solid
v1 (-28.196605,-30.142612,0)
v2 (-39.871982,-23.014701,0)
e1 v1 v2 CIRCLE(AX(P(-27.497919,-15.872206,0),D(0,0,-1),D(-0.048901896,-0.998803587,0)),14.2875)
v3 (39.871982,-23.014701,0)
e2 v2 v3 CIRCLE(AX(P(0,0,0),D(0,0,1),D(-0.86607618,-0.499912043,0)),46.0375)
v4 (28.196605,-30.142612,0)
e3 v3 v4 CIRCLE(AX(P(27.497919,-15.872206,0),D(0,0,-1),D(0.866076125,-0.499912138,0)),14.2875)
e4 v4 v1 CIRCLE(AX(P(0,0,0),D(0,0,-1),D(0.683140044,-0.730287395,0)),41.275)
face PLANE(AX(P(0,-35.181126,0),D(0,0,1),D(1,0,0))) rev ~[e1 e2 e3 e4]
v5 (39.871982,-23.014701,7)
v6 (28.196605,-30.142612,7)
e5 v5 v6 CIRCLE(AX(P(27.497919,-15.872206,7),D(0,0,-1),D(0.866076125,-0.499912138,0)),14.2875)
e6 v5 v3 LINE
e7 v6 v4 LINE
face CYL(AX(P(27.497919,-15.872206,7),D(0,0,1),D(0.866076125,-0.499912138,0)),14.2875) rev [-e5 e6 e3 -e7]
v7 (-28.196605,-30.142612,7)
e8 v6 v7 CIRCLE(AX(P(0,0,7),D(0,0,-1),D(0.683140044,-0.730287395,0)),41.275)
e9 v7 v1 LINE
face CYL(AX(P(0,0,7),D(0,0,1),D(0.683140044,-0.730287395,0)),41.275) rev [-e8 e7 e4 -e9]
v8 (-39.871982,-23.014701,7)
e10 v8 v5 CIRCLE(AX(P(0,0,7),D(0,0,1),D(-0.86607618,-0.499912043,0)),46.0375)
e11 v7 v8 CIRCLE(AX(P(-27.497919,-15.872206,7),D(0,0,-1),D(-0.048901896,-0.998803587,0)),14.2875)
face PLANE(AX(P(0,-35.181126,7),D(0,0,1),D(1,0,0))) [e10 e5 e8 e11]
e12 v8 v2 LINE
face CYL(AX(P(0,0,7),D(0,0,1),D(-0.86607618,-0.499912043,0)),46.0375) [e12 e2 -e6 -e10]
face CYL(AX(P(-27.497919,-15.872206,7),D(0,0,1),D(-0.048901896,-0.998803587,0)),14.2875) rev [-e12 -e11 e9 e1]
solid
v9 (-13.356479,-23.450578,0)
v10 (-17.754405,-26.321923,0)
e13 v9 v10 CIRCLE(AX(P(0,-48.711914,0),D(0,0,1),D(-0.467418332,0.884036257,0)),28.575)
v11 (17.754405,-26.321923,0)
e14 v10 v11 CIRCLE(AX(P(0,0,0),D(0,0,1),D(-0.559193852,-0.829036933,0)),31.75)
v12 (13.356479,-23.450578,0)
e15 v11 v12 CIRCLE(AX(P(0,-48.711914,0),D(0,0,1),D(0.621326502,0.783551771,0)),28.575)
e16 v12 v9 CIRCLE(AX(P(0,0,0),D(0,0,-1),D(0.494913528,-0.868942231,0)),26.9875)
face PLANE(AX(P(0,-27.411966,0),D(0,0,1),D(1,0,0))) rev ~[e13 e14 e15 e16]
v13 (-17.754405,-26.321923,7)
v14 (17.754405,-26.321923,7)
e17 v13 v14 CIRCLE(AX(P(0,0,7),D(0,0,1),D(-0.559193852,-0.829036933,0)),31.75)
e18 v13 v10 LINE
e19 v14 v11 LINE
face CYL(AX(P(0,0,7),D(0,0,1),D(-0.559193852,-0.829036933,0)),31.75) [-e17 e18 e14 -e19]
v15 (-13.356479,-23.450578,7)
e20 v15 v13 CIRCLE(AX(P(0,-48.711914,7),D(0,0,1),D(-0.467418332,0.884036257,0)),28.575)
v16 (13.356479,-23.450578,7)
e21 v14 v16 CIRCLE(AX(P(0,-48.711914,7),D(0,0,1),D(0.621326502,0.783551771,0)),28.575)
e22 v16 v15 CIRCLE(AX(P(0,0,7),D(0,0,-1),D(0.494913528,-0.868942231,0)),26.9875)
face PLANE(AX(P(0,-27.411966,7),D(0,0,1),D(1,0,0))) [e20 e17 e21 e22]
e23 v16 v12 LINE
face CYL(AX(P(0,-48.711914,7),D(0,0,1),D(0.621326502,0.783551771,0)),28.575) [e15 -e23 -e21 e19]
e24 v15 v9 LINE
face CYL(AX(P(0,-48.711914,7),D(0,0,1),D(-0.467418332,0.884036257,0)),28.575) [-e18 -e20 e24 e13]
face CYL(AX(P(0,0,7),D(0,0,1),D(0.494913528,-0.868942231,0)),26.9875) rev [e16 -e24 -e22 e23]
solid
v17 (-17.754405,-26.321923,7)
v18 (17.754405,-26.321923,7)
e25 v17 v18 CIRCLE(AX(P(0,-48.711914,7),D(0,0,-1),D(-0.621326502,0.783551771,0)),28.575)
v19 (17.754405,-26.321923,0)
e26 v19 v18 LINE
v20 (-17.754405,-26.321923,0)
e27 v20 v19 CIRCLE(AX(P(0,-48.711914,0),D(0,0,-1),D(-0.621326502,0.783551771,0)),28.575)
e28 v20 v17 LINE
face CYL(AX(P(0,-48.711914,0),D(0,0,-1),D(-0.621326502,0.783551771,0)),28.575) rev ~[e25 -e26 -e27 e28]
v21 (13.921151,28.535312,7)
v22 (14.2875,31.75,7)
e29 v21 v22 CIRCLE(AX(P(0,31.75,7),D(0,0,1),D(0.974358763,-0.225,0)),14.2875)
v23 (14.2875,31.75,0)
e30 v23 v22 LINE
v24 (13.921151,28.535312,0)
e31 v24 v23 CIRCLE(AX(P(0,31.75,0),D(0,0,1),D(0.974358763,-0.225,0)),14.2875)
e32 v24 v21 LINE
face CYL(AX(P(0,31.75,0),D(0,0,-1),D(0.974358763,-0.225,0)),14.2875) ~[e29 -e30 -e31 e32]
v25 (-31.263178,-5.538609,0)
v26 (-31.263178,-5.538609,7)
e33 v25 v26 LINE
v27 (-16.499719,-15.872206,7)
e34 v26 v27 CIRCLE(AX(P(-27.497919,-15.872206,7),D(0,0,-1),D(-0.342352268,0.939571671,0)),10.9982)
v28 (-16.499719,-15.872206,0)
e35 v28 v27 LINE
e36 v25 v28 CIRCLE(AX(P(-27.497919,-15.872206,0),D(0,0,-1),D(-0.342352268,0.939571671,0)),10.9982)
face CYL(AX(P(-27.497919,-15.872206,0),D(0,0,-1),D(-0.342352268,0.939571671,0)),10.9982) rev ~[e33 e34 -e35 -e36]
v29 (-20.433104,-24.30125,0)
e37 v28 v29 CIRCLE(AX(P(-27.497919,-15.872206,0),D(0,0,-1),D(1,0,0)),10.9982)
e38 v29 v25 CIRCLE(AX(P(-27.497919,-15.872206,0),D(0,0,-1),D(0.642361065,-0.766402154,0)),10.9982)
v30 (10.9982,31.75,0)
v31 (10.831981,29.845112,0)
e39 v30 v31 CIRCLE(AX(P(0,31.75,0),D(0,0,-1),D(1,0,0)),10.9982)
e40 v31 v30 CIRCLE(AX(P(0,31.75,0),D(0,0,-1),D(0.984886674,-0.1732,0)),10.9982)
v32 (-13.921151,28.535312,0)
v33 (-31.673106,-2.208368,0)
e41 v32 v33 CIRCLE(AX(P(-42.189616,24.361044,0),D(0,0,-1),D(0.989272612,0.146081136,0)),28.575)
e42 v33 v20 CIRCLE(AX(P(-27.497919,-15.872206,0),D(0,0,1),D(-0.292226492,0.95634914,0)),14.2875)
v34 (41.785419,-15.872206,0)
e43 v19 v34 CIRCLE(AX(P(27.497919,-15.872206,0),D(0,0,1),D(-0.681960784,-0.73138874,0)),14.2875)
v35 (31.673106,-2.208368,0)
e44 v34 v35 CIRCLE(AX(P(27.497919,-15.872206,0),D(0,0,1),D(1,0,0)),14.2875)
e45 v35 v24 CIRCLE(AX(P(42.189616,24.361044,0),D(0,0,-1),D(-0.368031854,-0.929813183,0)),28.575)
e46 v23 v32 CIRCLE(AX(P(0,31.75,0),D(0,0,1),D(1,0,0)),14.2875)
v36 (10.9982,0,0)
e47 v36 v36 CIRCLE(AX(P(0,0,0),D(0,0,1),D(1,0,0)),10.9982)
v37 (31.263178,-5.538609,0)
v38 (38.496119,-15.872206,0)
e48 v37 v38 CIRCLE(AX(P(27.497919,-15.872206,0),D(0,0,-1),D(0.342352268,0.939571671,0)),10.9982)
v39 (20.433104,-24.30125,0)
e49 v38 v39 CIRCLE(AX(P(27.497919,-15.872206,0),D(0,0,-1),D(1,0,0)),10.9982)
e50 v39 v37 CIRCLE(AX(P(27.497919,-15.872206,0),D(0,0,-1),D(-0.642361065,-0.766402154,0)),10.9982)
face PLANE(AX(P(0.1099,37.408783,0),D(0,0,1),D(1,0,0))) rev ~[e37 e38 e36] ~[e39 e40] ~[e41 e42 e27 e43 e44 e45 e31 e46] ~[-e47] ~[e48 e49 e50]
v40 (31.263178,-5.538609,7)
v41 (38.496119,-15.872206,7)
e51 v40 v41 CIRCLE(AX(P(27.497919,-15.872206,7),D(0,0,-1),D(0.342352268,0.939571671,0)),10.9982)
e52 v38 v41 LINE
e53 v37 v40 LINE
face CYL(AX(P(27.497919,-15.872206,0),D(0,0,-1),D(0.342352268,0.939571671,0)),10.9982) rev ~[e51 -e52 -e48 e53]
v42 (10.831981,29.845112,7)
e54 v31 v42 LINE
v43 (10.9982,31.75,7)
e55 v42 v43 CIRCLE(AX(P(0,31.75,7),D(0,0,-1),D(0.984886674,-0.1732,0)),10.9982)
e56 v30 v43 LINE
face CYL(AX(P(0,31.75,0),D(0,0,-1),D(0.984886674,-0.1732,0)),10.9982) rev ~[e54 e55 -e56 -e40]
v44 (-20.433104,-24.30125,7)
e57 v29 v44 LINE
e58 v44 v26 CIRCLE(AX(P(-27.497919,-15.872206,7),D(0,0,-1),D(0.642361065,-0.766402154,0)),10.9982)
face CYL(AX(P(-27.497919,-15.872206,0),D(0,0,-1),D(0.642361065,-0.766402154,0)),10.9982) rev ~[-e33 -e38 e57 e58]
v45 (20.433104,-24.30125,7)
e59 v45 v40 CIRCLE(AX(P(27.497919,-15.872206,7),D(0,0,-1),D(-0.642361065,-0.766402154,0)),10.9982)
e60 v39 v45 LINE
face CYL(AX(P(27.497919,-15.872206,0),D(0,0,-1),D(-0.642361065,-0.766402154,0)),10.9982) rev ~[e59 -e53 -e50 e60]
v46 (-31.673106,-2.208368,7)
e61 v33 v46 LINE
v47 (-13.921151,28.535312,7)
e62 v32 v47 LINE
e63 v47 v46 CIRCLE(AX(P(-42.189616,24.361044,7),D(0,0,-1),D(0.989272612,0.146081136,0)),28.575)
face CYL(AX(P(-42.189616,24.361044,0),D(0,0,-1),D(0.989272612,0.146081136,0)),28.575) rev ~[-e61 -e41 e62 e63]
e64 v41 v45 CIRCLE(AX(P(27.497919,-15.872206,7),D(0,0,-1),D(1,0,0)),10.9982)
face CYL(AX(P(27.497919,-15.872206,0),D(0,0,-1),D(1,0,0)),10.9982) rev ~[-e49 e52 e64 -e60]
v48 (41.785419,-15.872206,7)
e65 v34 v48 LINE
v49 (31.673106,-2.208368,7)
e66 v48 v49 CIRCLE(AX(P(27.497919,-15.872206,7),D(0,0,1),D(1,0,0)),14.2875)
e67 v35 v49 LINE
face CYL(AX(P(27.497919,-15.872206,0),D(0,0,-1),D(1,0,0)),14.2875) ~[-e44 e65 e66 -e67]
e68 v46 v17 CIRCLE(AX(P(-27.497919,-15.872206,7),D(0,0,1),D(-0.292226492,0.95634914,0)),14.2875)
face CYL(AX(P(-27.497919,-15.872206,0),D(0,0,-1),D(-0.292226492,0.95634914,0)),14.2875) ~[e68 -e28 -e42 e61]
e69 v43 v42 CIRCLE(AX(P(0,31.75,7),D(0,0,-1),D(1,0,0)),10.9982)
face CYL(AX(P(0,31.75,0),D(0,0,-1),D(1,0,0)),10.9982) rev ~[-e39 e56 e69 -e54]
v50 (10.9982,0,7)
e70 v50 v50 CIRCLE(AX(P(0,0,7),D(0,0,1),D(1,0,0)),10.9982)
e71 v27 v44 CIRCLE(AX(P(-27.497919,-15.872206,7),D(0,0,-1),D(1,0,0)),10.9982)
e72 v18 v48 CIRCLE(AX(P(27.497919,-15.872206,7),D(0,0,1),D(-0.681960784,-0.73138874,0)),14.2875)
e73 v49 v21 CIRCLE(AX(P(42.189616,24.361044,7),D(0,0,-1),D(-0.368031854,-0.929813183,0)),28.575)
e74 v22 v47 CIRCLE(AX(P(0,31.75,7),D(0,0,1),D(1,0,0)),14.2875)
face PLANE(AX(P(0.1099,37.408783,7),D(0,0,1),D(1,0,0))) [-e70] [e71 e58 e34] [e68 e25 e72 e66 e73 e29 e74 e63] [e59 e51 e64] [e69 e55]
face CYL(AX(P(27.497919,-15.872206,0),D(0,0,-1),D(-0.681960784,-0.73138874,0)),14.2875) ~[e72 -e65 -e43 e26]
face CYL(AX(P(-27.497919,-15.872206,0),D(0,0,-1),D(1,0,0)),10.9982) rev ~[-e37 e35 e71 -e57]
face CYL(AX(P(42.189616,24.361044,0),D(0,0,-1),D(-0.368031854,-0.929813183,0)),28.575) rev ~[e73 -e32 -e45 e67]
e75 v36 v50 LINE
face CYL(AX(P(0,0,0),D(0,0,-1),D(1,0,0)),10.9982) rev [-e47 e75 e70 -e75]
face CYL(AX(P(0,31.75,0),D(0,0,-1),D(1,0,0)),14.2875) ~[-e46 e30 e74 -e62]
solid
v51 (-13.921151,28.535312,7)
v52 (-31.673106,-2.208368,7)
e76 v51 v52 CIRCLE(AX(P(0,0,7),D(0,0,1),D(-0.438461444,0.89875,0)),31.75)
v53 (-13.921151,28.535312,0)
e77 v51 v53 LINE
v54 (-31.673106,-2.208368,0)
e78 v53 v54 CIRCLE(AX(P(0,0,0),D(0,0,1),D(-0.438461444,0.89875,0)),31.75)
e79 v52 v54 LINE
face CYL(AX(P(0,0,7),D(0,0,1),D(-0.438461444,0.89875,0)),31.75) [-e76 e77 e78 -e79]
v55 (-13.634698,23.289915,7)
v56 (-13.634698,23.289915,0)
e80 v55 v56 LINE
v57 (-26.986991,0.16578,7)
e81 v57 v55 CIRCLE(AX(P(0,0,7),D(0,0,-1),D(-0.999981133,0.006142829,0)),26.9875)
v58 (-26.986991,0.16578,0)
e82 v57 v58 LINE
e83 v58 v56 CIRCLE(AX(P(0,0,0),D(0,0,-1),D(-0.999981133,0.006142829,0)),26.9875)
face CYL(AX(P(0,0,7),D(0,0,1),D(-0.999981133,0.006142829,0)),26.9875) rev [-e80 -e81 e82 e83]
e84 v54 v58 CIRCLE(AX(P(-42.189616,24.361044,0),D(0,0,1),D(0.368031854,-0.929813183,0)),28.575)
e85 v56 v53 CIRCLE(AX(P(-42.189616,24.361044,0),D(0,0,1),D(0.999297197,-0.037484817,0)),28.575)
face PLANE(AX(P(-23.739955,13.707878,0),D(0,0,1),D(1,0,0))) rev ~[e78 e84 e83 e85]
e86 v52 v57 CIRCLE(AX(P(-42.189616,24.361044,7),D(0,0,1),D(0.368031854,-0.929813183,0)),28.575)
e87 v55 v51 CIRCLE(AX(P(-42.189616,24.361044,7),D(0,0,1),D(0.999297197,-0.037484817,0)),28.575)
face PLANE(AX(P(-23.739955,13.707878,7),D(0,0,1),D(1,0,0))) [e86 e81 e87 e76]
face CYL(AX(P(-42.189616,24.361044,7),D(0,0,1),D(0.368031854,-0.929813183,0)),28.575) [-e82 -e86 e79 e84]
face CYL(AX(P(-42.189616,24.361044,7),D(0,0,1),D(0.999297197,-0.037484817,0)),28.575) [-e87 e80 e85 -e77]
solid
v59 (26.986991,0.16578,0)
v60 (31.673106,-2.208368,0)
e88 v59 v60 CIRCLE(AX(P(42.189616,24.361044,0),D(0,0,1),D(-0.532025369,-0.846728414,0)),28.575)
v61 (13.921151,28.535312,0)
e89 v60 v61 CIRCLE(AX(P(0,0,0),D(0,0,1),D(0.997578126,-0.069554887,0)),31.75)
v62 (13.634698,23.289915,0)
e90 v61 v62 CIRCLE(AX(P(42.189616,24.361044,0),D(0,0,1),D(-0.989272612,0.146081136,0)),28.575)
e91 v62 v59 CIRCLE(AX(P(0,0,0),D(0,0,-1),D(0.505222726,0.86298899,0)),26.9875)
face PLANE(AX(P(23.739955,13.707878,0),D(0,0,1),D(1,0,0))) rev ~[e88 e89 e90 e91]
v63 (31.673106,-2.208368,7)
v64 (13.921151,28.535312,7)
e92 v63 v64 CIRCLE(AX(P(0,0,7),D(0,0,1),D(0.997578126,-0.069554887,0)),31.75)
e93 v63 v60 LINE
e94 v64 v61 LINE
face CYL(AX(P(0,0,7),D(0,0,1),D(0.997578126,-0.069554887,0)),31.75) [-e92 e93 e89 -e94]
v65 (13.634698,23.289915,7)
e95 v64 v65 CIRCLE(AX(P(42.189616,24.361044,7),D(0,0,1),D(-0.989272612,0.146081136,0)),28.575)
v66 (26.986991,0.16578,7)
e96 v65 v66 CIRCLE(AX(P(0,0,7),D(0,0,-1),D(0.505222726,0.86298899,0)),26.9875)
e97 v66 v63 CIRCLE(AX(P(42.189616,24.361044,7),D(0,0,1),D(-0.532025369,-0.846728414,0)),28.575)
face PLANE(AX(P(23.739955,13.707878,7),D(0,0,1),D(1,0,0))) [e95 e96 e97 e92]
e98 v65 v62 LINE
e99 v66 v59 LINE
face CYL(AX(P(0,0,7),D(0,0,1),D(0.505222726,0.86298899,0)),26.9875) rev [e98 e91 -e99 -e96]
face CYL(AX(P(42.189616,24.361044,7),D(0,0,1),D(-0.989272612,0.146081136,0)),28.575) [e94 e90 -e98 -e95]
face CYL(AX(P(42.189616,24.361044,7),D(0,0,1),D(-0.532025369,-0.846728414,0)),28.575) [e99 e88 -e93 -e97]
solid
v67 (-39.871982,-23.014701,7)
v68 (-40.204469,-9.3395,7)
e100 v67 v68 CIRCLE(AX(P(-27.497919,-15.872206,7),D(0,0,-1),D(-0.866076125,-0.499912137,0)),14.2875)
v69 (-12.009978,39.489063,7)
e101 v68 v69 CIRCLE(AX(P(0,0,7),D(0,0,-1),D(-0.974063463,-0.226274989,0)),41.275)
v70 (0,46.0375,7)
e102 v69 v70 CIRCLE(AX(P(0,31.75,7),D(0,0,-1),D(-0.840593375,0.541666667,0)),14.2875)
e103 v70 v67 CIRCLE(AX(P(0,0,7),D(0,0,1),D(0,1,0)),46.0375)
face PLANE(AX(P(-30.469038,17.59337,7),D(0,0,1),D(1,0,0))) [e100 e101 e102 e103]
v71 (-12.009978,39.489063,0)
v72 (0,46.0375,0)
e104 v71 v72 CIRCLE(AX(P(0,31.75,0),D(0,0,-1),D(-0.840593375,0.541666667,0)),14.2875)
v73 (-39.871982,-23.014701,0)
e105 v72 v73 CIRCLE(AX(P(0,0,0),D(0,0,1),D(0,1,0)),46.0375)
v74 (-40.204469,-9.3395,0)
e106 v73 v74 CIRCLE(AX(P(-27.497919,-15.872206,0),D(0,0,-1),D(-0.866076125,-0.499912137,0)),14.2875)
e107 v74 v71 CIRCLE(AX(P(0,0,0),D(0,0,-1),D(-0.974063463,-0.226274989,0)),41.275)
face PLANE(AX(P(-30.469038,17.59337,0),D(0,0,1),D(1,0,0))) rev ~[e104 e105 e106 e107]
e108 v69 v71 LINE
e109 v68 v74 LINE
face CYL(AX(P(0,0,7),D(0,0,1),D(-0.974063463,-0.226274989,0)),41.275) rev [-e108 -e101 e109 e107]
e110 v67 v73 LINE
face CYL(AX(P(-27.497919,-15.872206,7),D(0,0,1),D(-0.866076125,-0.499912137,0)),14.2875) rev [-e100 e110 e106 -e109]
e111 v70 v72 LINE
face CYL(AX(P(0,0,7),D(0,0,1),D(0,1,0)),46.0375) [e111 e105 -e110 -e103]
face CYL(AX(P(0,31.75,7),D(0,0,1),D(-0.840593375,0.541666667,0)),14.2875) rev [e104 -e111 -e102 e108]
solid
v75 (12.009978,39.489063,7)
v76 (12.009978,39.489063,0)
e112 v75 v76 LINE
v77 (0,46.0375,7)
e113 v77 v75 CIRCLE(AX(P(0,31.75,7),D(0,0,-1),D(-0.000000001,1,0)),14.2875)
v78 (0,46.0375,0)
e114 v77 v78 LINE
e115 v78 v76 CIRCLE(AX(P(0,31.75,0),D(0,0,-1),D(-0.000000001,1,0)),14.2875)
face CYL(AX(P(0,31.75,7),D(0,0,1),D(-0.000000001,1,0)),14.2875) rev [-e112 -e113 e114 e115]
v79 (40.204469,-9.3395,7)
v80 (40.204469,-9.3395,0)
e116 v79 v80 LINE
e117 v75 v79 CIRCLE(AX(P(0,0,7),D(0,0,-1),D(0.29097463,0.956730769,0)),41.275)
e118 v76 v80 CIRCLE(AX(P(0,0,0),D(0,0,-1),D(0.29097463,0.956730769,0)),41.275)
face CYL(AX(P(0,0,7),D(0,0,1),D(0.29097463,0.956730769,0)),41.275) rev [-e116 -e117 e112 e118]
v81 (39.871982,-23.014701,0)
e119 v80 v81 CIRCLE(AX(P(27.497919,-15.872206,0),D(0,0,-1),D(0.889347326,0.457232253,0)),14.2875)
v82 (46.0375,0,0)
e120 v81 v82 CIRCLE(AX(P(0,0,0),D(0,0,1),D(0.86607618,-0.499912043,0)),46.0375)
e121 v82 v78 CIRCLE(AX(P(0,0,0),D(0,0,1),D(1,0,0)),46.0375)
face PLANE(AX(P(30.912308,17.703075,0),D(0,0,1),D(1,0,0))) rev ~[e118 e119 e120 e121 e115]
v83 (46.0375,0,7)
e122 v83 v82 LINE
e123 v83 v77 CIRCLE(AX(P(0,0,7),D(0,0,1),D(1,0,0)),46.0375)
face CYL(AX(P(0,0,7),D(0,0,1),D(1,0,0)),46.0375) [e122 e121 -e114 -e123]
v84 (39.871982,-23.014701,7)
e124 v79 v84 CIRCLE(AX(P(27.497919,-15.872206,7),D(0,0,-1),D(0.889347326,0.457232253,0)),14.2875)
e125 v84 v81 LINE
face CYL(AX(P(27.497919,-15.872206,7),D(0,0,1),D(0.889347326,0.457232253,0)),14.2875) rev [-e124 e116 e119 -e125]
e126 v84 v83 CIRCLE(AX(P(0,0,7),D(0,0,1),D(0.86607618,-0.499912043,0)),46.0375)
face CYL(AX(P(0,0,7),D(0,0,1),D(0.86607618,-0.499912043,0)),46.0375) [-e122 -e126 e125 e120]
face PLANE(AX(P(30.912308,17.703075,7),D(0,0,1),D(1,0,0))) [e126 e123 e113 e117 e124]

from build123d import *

# Parameters (mm, degrees)
F0_R     = 10.9982
F1_DEPTH = 7
F3_DEPTH = 7


with BuildPart() as f1:
    # F0 (on Top) → F1 (new body)
    with BuildSketch(Plane.XY):
        with BuildLine():
            ThreePointArc((14.2875, 31.75), (-1.6177474644, 45.94561726), (-13.9211508334, 28.5353125))
            ThreePointArc((-13.9211508334, 28.5353125), (-12.3938804515, 29.2310490293), (-10.8319806145, 29.84511176))
            ThreePointArc((-10.8319806145, 29.84511176), (-0.9560632943, 42.7065663516), (10.9982, 31.75))
            ThreePointArc((10.9982, 31.75), (10.9565663516, 30.7939367057), (10.8319806145, 29.84511176))
            ThreePointArc((10.8319806145, 29.84511176), (12.3938804515, 29.2310490293), (13.9211508334, 28.5353125))
            ThreePointArc((13.9211508334, 28.5353125), (14.19561726, 30.1322525356), (14.2875, 31.75))
        make_face()
        with BuildLine():
            ThreePointArc((-10.8319806145, 29.84511176), (-12.3938804515, 29.2310490293), (-13.9211508334, 28.5353125))
            ThreePointArc((-13.9211508334, 28.5353125), (0, 17.4625), (13.9211508334, 28.5353125))
            ThreePointArc((13.9211508334, 28.5353125), (12.3938804515, 29.2310490293), (10.8319806145, 29.84511176))
            ThreePointArc((10.8319806145, 29.84511176), (0, 20.7518), (-10.8319806145, 29.84511176))
        make_face()
        with BuildLine():
            ThreePointArc((-13.9211508334, 28.5353125), (-17.4436657319, 10.0722867823), (-31.6731055039, -2.2083676644))
            ThreePointArc((-31.6731055039, -2.2083676644), (-18.9985169837, -4.3877463628), (-13.2104194975, -15.872206))
            ThreePointArc((-13.2104194975, -15.872206), (-14.3955700405, -21.5696699055), (-17.754404793, -26.3219226206))
            ThreePointArc((-17.754404793, -26.3219226206), (0, -20.1369144797), (17.754404793, -26.3219226206))
            ThreePointArc((17.754404793, -26.3219226206), (15.1238557237, -8.7297133), (31.6731055039, -2.2083676644))
            ThreePointArc((31.6731055039, -2.2083676644), (17.4436657319, 10.0722867823), (13.9211508334, 28.5353125))
            ThreePointArc((13.9211508334, 28.5353125), (0, 17.4625), (-13.9211508334, 28.5353125))
        make_face()
        Circle(F0_R, mode=Mode.SUBTRACT)
        with BuildLine():
            ThreePointArc((31.6731055039, -2.2083676644), (15.1238557237, -8.7297133), (17.754404793, -26.3219226206))
            ThreePointArc((17.754404793, -26.3219226206), (19.1204664369, -25.3469971246), (20.4331040274, -24.3012501696))
            ThreePointArc((20.4331040274, -24.3012501696), (17.9726401836, -10.3740738416), (31.2631782133, -5.5386088507))
            ThreePointArc((31.2631782133, -5.5386088507), (31.5121655654, -3.8789072401), (31.6731055039, -2.2083676644))
        make_face()
        with BuildLine():
            ThreePointArc((20.4331040274, -24.3012501696), (19.1204664369, -25.3469971246), (17.754404793, -26.3219226206))
            ThreePointArc((17.754404793, -26.3219226206), (33.195383403, -28.9745554571), (41.7854194975, -15.872206))
            ThreePointArc((41.7854194975, -15.872206), (38.9823791347, -7.3728034862), (31.6731055039, -2.2083676644))
            ThreePointArc((31.6731055039, -2.2083676644), (31.5121655654, -3.8789072401), (31.2631782133, -5.5386088507))
            ThreePointArc((31.2631782133, -5.5386088507), (36.5082322459, -9.5654899436), (38.4961194975, -15.872206))
            ThreePointArc((38.4961194975, -15.872206), (32.1487339282, -25.8386661726), (20.4331040274, -24.3012501696))
        make_face()
        with BuildLine():
            ThreePointArc((-13.2104194975, -15.872206), (-18.9985169837, -4.3877463628), (-31.6731055039, -2.2083676644))
            ThreePointArc((-31.6731055039, -2.2083676644), (-31.5121655654, -3.8789072401), (-31.2631782133, -5.5386088507))
            ThreePointArc((-31.2631782133, -5.5386088507), (-21.1912034411, -6.8618932516), (-16.4997194975, -15.872206))
            ThreePointArc((-16.4997194975, -15.872206), (-17.531459325, -20.5230204306), (-20.4331040274, -24.3012501696))
            ThreePointArc((-20.4331040274, -24.3012501696), (-19.1204664369, -25.3469971246), (-17.754404793, -26.3219226206))
            ThreePointArc((-17.754404793, -26.3219226206), (-14.3955700405, -21.5696699055), (-13.2104194975, -15.872206))
        make_face()
        with BuildLine():
            ThreePointArc((-31.2631782133, -5.5386088507), (-31.5121655654, -3.8789072401), (-31.6731055039, -2.2083676644))
            ThreePointArc((-31.6731055039, -2.2083676644), (-39.8719832714, -23.0146987), (-17.754404793, -26.3219226206))
            ThreePointArc((-17.754404793, -26.3219226206), (-19.1204664369, -25.3469971246), (-20.4331040274, -24.3012501696))
            ThreePointArc((-20.4331040274, -24.3012501696), (-37.0231988115, -21.3703381584), (-31.2631782133, -5.5386088507))
        make_face()
    extrude(amount=F1_DEPTH)


with BuildPart() as f3:
    # F2 (on face) → F3 (new body)
    with BuildSketch(Plane.XY.offset(7)):
        with BuildLine():
            ThreePointArc((-12.0099778464, 39.4890625), (-6.8396199042, 44.2940127478), (-7.2e-09, 46.0375))
            ThreePointArc((-7.2e-09, 46.0375), (-39.8684755679, 23.0207745773), (-39.8719821395, -23.014700661))
            ThreePointArc((-39.8719821395, -23.014700661), (-41.7811984871, -16.2194775883), (-40.2044694202, -9.3395001814))
            ThreePointArc((-40.2044694202, -9.3395001814), (-35.74415, 20.6393160201), (-12.0099778464, 39.4890625))
        make_face()
    extrude(amount=-F3_DEPTH)


with BuildPart() as f3b:
    # F2 (on face) → F3, piece 2 (new body)
    with BuildSketch(Plane.XY.offset(7)):
        with BuildLine():
            ThreePointArc((39.871982137, -23.0147006653), (44.4694152417, -11.9131236168), (46.0375, 0))
            ThreePointArc((46.0375, 0), (32.5534284363, 32.5534284414), (-7.2e-09, 46.0375))
            ThreePointArc((-7.2e-09, 46.0375), (6.8396198979, 44.2940127512), (12.0099778464, 39.4890625))
            ThreePointArc((12.0099778464, 39.4890625), (35.74415, 20.6393160201), (40.2044694202, -9.3395001814))
            ThreePointArc((40.2044694202, -9.3395001814), (41.7811984871, -16.2194775908), (39.871982137, -23.0147006653))
        make_face()
    extrude(amount=-F3_DEPTH)


with BuildPart() as f3c:
    # F2 (on face) → F3, piece 3 (new body)
    with BuildSketch(Plane.XY.offset(7)):
        with BuildLine():
            ThreePointArc((31.6731055039, -2.2083676644), (27.4955, 15.8763969385), (13.9211508334, 28.5353125))
            ThreePointArc((13.9211508334, 28.5353125), (13.6571299997, 25.9192105589), (13.63469832, 23.2899153707))
            ThreePointArc((13.63469832, 23.2899153707), (23.371175, 13.4949373978), (26.9869908173, 0.1657795997))
            ThreePointArc((26.9869908173, 0.1657795997), (29.2753746807, -1.1292090724), (31.6731055039, -2.2083676644))
        make_face()
    extrude(amount=-F3_DEPTH)


with BuildPart() as f3d:
    # F2 (on face) → F3, piece 4 (new body)
    with BuildSketch(Plane.XY.offset(7)):
        with BuildLine():
            ThreePointArc((-13.63469832, 23.2899153707), (-13.6571299997, 25.9192105589), (-13.9211508334, 28.5353125))
            ThreePointArc((-13.9211508334, 28.5353125), (-27.4955, 15.8763969385), (-31.6731055039, -2.2083676644))
            ThreePointArc((-31.6731055039, -2.2083676644), (-29.2753746807, -1.1292090724), (-26.9869908173, 0.1657795997))
            ThreePointArc((-26.9869908173, 0.1657795997), (-23.371175, 13.4949373978), (-13.63469832, 23.2899153707))
        make_face()
    extrude(amount=-F3_DEPTH)


with BuildPart() as f3e:
    # F2 (on face) → F3, piece 5 (new body)
    with BuildSketch(Plane.XY.offset(7)):
        with BuildLine():
            ThreePointArc((-17.754404793, -26.3219226206), (0, -31.75), (17.754404793, -26.3219226206))
            ThreePointArc((17.754404793, -26.3219226206), (15.6215531983, -24.7849903006), (13.3564788322, -23.450578446))
            ThreePointArc((13.3564788322, -23.450578446), (0, -26.9875), (-13.3564788322, -23.450578446))
            ThreePointArc((-13.3564788322, -23.450578446), (-15.6215531983, -24.7849903006), (-17.754404793, -26.3219226206))
        make_face()
    extrude(amount=-F3_DEPTH)


with BuildPart() as f3f:
    # F2 (on face) → F3, piece 6 (new body)
    with BuildSketch(Plane.XY.offset(7)):
        with BuildLine():
            ThreePointArc((-39.8719821395, -23.014700661), (-2.5e-09, -46.0375), (39.871982137, -23.0147006653))
            ThreePointArc((39.871982137, -23.0147006653), (34.9427814183, -28.066741138), (28.1966053299, -30.1426122436))
            ThreePointArc((28.1966053299, -30.1426122436), (0, -41.275), (-28.1966053299, -30.1426122436))
            ThreePointArc((-28.1966053299, -30.1426122436), (-34.9427814204, -28.0667411367), (-39.8719821395, -23.014700661))
        make_face()
    extrude(amount=-F3_DEPTH)


solid = Compound([f1.part, f3.part, f3b.part, f3c.part, f3d.part, f3e.part, f3f.part])
